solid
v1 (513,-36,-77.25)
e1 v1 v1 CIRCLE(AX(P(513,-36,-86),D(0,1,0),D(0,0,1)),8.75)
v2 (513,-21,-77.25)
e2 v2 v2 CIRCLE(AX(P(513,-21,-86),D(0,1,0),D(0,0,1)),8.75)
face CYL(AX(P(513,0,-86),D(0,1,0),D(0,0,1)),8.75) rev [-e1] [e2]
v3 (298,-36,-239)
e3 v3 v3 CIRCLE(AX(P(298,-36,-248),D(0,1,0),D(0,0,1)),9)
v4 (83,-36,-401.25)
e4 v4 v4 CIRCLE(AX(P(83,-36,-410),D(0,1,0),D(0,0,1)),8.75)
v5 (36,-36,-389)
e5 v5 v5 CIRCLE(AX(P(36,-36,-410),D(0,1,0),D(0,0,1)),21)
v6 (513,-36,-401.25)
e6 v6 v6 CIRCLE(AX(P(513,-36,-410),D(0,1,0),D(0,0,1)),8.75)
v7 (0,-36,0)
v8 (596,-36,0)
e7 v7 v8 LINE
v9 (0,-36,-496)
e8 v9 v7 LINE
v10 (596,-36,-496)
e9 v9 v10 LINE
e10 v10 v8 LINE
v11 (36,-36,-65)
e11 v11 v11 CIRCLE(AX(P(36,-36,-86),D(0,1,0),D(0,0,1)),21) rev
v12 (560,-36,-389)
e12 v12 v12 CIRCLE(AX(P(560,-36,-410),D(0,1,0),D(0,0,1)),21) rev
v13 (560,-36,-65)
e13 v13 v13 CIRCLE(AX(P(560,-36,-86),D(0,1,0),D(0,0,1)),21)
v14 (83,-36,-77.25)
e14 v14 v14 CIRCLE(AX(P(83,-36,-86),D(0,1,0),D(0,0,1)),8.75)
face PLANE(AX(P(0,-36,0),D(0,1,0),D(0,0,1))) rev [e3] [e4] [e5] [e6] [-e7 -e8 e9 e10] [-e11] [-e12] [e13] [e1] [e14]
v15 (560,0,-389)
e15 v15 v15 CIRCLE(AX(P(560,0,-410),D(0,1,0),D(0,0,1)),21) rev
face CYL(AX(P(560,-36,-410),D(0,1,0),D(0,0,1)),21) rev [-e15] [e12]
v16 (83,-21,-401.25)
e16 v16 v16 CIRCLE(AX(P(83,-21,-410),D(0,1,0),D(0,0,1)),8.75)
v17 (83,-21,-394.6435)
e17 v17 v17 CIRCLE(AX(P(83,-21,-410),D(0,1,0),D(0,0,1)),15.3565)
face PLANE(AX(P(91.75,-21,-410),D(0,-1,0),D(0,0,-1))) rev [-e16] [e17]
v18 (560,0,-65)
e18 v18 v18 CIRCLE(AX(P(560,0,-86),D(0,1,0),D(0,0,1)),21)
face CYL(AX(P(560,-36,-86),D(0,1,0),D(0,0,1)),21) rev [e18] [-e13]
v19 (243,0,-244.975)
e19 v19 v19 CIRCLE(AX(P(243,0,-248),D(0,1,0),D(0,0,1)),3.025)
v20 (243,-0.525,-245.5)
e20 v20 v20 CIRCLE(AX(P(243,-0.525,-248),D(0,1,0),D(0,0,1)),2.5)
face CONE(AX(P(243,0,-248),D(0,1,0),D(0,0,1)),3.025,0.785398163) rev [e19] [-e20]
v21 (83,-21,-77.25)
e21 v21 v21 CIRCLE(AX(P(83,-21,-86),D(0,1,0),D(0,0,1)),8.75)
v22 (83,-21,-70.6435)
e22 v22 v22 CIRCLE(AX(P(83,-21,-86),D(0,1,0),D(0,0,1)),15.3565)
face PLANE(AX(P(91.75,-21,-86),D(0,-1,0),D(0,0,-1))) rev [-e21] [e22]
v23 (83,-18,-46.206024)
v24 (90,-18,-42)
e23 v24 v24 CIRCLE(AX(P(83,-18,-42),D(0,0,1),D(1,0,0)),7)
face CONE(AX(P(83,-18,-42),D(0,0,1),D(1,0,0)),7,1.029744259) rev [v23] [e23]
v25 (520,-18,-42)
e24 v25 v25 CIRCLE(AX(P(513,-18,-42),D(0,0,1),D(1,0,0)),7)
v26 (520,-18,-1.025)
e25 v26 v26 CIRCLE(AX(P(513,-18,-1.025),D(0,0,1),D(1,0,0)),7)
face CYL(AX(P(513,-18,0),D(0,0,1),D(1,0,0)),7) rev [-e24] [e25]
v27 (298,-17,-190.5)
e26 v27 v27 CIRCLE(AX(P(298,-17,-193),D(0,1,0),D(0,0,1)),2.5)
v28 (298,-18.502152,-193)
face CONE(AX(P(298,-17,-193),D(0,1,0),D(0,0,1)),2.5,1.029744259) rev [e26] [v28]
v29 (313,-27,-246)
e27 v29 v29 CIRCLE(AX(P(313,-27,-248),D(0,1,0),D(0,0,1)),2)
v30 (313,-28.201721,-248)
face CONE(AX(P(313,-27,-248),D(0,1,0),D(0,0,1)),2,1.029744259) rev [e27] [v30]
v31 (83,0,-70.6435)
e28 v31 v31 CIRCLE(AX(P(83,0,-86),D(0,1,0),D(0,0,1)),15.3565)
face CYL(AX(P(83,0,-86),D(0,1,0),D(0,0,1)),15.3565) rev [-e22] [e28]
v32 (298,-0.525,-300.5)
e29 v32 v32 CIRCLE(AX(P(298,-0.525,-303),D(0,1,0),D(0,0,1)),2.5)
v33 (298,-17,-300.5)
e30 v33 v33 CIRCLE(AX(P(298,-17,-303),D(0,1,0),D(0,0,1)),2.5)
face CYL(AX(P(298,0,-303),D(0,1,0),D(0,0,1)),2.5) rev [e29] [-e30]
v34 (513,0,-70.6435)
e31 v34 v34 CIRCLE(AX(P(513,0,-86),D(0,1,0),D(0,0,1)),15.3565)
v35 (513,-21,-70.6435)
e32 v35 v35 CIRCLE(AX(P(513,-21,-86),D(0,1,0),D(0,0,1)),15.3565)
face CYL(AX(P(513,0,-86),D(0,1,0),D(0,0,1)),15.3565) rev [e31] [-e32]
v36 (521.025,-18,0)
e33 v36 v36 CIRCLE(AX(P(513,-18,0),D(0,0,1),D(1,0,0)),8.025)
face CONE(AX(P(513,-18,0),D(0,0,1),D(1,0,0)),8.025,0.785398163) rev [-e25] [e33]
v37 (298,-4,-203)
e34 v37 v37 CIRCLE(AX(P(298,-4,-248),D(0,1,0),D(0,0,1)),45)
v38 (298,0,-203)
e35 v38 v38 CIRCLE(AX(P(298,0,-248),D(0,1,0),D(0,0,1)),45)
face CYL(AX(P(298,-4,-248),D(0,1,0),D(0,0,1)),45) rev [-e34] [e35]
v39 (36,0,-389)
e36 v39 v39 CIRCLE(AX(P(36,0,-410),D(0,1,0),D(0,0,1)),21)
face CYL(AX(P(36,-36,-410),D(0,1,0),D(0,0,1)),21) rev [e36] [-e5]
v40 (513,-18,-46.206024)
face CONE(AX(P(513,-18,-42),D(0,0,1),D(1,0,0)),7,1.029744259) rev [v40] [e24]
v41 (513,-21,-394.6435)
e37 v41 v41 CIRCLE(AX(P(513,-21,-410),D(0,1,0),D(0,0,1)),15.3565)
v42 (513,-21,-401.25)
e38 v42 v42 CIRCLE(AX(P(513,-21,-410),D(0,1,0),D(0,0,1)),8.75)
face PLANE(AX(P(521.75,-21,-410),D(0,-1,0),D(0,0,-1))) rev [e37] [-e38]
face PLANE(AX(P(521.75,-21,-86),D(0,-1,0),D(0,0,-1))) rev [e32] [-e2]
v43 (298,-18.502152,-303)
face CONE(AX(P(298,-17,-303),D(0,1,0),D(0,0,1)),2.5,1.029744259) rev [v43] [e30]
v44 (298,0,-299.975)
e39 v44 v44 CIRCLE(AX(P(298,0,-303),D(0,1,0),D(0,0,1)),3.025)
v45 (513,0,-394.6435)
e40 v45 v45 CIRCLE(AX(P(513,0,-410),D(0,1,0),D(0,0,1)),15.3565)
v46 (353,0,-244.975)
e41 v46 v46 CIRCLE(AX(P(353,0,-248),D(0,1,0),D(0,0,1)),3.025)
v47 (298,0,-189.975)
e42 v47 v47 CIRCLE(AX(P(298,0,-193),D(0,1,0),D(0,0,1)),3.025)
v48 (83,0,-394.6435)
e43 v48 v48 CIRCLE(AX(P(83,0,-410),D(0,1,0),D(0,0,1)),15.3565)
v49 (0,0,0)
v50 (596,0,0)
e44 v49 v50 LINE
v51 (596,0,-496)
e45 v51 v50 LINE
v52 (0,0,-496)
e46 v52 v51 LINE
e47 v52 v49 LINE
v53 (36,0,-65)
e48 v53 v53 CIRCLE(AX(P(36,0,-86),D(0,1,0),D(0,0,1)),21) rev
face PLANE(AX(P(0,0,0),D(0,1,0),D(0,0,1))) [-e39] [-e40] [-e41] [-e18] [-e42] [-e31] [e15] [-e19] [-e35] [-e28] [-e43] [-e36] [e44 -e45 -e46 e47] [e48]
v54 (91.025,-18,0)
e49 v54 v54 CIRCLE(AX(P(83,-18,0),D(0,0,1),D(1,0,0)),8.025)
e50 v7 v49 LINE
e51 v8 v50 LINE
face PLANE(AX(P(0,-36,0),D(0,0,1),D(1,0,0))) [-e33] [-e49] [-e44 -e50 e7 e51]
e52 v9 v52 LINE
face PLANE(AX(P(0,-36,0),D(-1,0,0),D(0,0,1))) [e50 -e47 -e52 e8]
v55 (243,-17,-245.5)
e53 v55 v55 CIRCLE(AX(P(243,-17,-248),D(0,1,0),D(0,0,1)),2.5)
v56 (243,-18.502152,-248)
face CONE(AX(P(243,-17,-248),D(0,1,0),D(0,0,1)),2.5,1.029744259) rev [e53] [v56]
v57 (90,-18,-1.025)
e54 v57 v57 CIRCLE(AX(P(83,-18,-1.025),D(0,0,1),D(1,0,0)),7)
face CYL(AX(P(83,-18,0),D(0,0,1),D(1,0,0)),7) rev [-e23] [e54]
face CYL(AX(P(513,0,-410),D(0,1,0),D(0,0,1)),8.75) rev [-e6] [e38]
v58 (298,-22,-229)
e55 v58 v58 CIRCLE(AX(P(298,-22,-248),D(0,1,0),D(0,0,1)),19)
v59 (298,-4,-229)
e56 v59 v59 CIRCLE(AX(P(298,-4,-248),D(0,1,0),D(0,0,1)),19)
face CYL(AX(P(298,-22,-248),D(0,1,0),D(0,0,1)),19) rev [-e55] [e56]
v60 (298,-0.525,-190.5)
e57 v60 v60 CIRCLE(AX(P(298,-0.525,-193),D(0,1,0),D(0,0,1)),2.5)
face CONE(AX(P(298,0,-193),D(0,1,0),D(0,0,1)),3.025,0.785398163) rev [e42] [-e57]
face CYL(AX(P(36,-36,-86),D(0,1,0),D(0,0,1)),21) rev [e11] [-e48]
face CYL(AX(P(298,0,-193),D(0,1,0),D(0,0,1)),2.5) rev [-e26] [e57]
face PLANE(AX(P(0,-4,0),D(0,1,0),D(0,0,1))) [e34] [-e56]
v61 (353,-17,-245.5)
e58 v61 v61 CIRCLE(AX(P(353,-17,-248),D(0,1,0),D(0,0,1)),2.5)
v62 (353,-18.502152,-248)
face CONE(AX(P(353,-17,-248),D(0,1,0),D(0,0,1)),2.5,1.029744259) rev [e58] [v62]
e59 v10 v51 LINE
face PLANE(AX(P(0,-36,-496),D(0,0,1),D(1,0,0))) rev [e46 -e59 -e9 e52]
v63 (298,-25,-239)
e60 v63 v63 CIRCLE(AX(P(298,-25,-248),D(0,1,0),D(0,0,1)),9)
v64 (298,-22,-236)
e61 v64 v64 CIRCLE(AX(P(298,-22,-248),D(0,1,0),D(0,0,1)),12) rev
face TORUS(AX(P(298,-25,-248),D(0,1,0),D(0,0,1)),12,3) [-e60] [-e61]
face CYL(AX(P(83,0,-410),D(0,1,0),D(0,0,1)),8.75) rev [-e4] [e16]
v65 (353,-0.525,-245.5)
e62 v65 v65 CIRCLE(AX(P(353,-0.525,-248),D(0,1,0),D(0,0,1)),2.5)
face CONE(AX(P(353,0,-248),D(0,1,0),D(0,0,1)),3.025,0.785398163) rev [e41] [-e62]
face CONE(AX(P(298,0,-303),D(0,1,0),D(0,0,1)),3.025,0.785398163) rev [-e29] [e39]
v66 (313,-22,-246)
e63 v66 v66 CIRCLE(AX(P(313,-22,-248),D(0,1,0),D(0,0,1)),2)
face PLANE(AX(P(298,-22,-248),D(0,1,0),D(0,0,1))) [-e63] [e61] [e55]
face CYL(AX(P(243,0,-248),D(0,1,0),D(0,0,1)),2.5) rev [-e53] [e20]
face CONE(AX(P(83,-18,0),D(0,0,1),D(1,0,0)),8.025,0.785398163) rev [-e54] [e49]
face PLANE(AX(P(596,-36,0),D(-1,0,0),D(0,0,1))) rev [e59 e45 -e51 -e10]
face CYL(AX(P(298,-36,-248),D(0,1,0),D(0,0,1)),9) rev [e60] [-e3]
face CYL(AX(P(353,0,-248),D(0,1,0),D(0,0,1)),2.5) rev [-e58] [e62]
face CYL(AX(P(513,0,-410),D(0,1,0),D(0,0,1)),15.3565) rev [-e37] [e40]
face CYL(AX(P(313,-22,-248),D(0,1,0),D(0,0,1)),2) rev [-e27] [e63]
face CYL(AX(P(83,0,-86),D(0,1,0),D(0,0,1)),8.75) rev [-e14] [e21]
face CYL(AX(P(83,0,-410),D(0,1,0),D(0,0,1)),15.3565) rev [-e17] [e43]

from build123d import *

# Parameters (mm, degrees)
SZKIC1_W                                           = 596
SZKIC1_H                                           = 496
SZKIC1_R                                           = 21
DODANIE_WYCI_GNI_CIE1_DEPTH                        = 36
SZKIC1_5_R                                         = 45
WYTNIJ_WYCI_GNI_CIE1_DEPTH                         = 4
POG_BIENIE_WALCOWE_POD_M16_WKR_T_Z_BEM_D           = 17.5
POG_BIENIE_WALCOWE_POD_M16_WKR_T_Z_BEM_CBORE_D     = 30.713
POG_BIENIE_WALCOWE_POD_M16_WKR_T_Z_BEM_CBORE_DEPTH = 21
SZKIC8_R                                           = 9
WYTNIJ_WYCI_GNI_CIE2_DEPTH                         = 777.05154468
SZKIC8_3_R                                         = 19
SZKIC8_3_R_2                                       = 9
WYTNIJ_WYCI_GNI_CIE3_DEPTH                         = 18
ZAOKR_GLENIE1_R                                    = 3
OTWORY_USTALAJ_CE_4_0MM1_D                         = 4
OTWORY_USTALAJ_CE_4_0MM1_DEPTH                     = 5
OTWORY_USTALAJ_CE_4_0MM1_TIP                       = 1.201721238
OTW_R_GWINTOWANY_M61_D                             = 5
OTW_R_GWINTOWANY_M61_DEPTH                         = 17
OTW_R_GWINTOWANY_M61_CSINK_D                       = 6.05
OTW_R_GWINTOWANY_M61_CSINK_ANGLE                   = 90
OTW_R_GWINTOWANY_M61_TIP                           = 1.502151548
OTW_R_GWINTOWANY_M161_D                            = 14
OTW_R_GWINTOWANY_M161_DEPTH                        = 42
OTW_R_GWINTOWANY_M161_CSINK_D                      = 16.05
OTW_R_GWINTOWANY_M161_CSINK_ANGLE                  = 90
OTW_R_GWINTOWANY_M161_TIP                          = 4.206024333


with BuildPart() as part:
    # Szkic1 → Dodanie-wyciągnięcie1 (new body)
    with BuildSketch(Plane(origin=(0, 0, 0), x_dir=(1, 0, 0), z_dir=(0, 1, 0))):
        with Locations((298, 248)):
            Rectangle(SZKIC1_W, SZKIC1_H)
        with Locations((36, 86)):
            Circle(SZKIC1_R, mode=Mode.SUBTRACT)
        with Locations((560, 86)):
            Circle(SZKIC1_R, mode=Mode.SUBTRACT)
        with Locations((36, 410)):
            Circle(SZKIC1_R, mode=Mode.SUBTRACT)
        with Locations((560, 410)):
            Circle(SZKIC1_R, mode=Mode.SUBTRACT)
    extrude(amount=-DODANIE_WYCI_GNI_CIE1_DEPTH)

    # Szkic1<5> → Wytnij-wyciągnięcie1 (cut)
    with BuildSketch(Plane(origin=(0, 0, 0), x_dir=(1, 0, 0), z_dir=(0, 1, 0))):
        with Locations((298, 248)):
            Circle(SZKIC1_5_R)
    extrude(amount=-WYTNIJ_WYCI_GNI_CIE1_DEPTH, mode=Mode.SUBTRACT)

    # Pogłębienie walcowe pod M16 Wkręt z łbem sześciokątnym z gniazdem2 (through all)
    with Locations(Plane(origin=(83, 0, -410), x_dir=(0, 0, 1), z_dir=(0, 1, 0))):
        with Locations((0, 0), (0, 430), (324, 430), (324, 0)):
            CounterBoreHole(POG_BIENIE_WALCOWE_POD_M16_WKR_T_Z_BEM_D / 2, POG_BIENIE_WALCOWE_POD_M16_WKR_T_Z_BEM_CBORE_D / 2, POG_BIENIE_WALCOWE_POD_M16_WKR_T_Z_BEM_CBORE_DEPTH)

    # Szkic8 → Wytnij-wyciągnięcie2 (cut, through all)
    with BuildSketch(Plane(origin=(0, -4, 0), x_dir=(1, 0, 0), z_dir=(0, 1, 0))):
        with Locations((298, 248)):
            Circle(SZKIC8_R)
    extrude(amount=-WYTNIJ_WYCI_GNI_CIE2_DEPTH, mode=Mode.SUBTRACT)

    # Szkic8<3> → Wytnij-wyciągnięcie3 (cut)
    with BuildSketch(Plane(origin=(0, -4, 0), x_dir=(1, 0, 0), z_dir=(0, 1, 0))):
        with Locations((298, 248)):
            Circle(SZKIC8_3_R)
        with Locations((298, 248)):
            Circle(SZKIC8_3_R_2, mode=Mode.SUBTRACT)
    extrude(amount=-WYTNIJ_WYCI_GNI_CIE3_DEPTH, mode=Mode.SUBTRACT)

    # Zaokrąglenie1
    zaokr_glenie1_edges = [part.edges().sort_by_distance(p)[0] for p in [
        (289, -22, -248),
    ]]
    fillet(zaokr_glenie1_edges, radius=ZAOKR_GLENIE1_R)

    # Otwory ustalające Ø4.0mm1
    with Locations(Plane(origin=(313, -22, -248), x_dir=(0, 0, 1), z_dir=(0, 1, 0))):
        with Locations((0, 0)):
            Hole(OTWORY_USTALAJ_CE_4_0MM1_D / 2, depth=OTWORY_USTALAJ_CE_4_0MM1_DEPTH)
            with Locations((0, 0, -(OTWORY_USTALAJ_CE_4_0MM1_DEPTH + OTWORY_USTALAJ_CE_4_0MM1_TIP / 2))):  # 118° drill point
                Cone(0, OTWORY_USTALAJ_CE_4_0MM1_D / 2, OTWORY_USTALAJ_CE_4_0MM1_TIP, mode=Mode.SUBTRACT)

    # Otwór gwintowany M61
    with Locations(Plane(origin=(243, 0, -248), x_dir=(0, 0, 1), z_dir=(0, 1, 0))):
        with Locations((0, 0), (-55, 55), (0, 110), (55, 55)):
            CounterSinkHole(OTW_R_GWINTOWANY_M61_D / 2, OTW_R_GWINTOWANY_M61_CSINK_D / 2, depth=OTW_R_GWINTOWANY_M61_DEPTH, counter_sink_angle=OTW_R_GWINTOWANY_M61_CSINK_ANGLE)
            with Locations((0, 0, -(OTW_R_GWINTOWANY_M61_DEPTH + OTW_R_GWINTOWANY_M61_TIP / 2))):  # 118° drill point
                Cone(0, OTW_R_GWINTOWANY_M61_D / 2, OTW_R_GWINTOWANY_M61_TIP, mode=Mode.SUBTRACT)

    # Otwór gwintowany M161
    with Locations(Plane(origin=(83, -18, 0), x_dir=(1, 0, 0), z_dir=(0, 0, 1))):
        with Locations((0, 0), (430, 0)):
            CounterSinkHole(OTW_R_GWINTOWANY_M161_D / 2, OTW_R_GWINTOWANY_M161_CSINK_D / 2, depth=OTW_R_GWINTOWANY_M161_DEPTH, counter_sink_angle=OTW_R_GWINTOWANY_M161_CSINK_ANGLE)
            with Locations((0, 0, -(OTW_R_GWINTOWANY_M161_DEPTH + OTW_R_GWINTOWANY_M161_TIP / 2))):  # 118° drill point
                Cone(0, OTW_R_GWINTOWANY_M161_D / 2, OTW_R_GWINTOWANY_M161_TIP, mode=Mode.SUBTRACT)


solid = part.part
